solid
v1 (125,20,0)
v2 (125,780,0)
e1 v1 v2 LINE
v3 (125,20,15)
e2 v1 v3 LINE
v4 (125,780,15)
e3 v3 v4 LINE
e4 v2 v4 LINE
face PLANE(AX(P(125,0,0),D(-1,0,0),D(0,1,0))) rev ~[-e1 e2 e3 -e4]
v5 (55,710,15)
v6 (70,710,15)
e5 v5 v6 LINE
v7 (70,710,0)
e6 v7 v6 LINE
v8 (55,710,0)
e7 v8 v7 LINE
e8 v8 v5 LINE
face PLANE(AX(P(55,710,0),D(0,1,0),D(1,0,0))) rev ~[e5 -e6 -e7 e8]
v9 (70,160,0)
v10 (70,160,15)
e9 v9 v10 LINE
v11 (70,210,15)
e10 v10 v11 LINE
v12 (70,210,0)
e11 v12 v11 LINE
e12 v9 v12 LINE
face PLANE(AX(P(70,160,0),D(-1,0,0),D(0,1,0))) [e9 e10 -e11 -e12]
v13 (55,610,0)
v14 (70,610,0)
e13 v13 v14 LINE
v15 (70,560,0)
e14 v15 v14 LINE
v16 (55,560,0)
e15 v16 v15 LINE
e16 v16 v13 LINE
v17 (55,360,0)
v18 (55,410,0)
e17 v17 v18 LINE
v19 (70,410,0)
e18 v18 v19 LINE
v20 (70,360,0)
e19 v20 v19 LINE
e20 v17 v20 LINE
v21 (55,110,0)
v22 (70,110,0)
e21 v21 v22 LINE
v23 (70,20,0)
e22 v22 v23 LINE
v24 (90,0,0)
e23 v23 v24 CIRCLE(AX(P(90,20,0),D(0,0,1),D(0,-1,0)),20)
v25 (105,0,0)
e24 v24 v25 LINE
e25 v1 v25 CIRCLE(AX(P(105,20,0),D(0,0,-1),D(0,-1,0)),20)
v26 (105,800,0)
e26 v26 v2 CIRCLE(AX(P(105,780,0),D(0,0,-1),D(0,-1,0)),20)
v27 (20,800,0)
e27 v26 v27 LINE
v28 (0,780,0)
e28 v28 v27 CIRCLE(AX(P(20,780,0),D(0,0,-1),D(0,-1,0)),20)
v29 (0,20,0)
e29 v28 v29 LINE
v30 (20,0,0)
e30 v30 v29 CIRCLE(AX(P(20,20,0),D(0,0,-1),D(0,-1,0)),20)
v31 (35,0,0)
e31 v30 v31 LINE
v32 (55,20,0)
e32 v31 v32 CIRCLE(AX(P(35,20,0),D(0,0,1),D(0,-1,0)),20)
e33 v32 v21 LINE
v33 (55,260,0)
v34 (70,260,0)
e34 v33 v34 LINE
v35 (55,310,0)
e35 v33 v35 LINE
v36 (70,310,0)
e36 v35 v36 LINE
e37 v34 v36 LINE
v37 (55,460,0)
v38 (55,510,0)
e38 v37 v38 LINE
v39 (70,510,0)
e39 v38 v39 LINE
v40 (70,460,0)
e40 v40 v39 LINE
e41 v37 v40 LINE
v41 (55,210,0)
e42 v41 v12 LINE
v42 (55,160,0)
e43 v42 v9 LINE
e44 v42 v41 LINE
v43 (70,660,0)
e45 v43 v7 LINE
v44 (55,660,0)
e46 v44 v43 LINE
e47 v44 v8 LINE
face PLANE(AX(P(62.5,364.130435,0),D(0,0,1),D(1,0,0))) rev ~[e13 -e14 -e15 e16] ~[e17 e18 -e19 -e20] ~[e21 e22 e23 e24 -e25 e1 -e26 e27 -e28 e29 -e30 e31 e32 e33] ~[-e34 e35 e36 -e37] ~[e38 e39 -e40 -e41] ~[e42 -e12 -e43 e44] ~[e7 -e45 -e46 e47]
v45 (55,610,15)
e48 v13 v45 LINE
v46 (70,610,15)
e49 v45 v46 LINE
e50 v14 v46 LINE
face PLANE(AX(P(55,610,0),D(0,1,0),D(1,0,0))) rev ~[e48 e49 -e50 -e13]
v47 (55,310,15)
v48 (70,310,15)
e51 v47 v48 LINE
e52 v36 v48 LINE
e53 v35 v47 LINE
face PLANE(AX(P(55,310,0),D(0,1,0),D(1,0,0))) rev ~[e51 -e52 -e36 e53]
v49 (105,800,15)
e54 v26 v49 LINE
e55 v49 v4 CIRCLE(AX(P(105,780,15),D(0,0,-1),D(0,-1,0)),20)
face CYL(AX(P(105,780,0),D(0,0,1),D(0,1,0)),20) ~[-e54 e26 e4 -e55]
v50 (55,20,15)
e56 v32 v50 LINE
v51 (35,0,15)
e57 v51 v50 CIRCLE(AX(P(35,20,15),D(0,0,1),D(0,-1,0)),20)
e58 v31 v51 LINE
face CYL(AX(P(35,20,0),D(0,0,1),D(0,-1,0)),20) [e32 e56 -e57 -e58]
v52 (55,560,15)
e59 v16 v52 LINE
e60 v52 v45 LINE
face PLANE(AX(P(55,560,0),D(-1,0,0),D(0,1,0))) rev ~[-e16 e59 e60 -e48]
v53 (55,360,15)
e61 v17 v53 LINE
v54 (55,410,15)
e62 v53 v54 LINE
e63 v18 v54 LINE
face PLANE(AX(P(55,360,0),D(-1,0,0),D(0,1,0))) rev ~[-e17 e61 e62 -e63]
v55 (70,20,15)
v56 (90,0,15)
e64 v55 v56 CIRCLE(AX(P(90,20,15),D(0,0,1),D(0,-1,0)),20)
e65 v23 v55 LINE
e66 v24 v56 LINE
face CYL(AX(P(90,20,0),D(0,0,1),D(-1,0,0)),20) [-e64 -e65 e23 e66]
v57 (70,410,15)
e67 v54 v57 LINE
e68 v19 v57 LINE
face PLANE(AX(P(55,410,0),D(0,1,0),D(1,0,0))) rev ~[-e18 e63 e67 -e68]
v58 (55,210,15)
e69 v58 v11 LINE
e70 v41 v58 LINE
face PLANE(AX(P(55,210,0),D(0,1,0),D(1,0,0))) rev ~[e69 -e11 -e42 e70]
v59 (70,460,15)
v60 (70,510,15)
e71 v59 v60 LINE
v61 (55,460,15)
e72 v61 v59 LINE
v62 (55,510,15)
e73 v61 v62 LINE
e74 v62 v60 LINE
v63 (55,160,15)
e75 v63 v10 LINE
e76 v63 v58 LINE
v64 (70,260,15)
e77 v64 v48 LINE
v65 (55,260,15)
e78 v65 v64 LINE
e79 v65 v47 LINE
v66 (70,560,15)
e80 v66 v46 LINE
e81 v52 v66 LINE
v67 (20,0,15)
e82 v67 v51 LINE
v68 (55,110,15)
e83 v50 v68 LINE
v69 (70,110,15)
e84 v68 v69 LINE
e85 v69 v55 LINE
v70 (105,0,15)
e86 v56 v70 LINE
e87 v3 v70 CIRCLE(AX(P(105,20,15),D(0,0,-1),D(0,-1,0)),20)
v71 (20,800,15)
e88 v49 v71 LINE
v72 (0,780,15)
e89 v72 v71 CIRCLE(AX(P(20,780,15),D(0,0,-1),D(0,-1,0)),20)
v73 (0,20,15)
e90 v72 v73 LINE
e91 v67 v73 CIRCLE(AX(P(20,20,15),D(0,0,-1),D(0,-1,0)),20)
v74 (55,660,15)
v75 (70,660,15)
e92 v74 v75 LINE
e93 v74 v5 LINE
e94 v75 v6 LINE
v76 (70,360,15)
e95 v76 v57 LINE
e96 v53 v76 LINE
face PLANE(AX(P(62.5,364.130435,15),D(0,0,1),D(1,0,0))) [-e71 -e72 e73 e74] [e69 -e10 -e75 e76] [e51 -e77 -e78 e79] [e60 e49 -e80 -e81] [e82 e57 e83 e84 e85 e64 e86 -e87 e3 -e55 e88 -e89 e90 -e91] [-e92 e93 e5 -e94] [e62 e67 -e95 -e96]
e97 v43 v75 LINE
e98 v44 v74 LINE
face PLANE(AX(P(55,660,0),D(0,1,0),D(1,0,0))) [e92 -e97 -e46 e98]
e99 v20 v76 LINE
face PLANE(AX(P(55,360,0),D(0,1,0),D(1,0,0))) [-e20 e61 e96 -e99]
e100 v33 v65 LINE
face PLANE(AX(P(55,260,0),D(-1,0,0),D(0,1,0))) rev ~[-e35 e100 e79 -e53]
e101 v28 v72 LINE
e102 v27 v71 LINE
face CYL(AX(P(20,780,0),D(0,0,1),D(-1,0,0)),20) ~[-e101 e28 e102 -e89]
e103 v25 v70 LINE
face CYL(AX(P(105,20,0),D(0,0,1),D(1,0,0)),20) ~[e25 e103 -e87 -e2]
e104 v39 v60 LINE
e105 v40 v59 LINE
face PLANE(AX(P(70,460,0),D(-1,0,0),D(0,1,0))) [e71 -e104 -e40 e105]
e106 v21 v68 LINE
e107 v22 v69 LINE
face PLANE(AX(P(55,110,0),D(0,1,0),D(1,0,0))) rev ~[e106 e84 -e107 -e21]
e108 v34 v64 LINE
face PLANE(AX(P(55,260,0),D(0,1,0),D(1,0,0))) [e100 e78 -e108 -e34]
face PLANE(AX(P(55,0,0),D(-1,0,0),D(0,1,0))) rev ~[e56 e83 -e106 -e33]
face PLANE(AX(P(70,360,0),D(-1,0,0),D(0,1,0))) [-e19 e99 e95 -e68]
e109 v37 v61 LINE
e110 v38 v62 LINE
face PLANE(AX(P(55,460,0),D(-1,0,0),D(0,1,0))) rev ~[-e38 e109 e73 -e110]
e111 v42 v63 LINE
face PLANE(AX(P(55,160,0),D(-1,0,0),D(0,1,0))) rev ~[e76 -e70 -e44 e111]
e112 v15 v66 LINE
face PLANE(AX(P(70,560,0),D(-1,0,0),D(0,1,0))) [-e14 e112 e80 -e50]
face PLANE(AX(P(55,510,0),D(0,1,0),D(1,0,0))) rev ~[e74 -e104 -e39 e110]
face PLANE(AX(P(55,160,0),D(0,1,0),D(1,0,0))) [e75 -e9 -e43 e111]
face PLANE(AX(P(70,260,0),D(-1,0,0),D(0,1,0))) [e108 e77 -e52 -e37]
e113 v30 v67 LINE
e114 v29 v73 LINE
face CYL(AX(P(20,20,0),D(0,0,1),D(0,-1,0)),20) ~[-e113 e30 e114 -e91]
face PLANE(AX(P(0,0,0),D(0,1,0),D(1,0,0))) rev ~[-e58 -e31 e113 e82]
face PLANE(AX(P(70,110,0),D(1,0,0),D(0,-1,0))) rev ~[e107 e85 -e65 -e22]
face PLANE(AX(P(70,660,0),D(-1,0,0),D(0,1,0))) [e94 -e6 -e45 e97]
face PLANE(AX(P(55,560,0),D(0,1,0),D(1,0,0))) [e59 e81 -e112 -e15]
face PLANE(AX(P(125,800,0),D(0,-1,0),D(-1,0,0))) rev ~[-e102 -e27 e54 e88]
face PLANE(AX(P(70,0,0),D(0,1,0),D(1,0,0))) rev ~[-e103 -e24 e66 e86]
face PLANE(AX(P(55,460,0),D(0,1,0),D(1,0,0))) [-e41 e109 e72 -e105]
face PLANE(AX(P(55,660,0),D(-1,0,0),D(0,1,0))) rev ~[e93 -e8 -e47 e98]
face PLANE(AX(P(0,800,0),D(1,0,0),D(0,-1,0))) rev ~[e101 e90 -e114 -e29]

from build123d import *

# Parameters (mm, degrees)
ESQUISSE1_W        = 15
ESQUISSE1_H        = 50
BOSS_EXTRU_1_DEPTH = 15
CONG_1_R           = 20


with BuildPart() as part:
    # Esquisse1 → Boss.-Extru.1 (new body)
    with BuildSketch(Plane.XY):
        Polygon((0, 0), (55, 0), (55, 110), (70, 110), (70, 0), (125, 0), (125, 800), (0, 800), align=None)
        with Locations((62.5, 185)):
            Rectangle(ESQUISSE1_W, ESQUISSE1_H, mode=Mode.SUBTRACT)
        with Locations((62.5, 285)):
            Rectangle(ESQUISSE1_W, ESQUISSE1_H, mode=Mode.SUBTRACT)
        with Locations((62.5, 385)):
            Rectangle(ESQUISSE1_W, ESQUISSE1_H, mode=Mode.SUBTRACT)
        with Locations((62.5, 485)):
            Rectangle(ESQUISSE1_W, ESQUISSE1_H, mode=Mode.SUBTRACT)
        with Locations((62.5, 585)):
            Rectangle(ESQUISSE1_W, ESQUISSE1_H, mode=Mode.SUBTRACT)
        with Locations((62.5, 685)):
            Rectangle(ESQUISSE1_W, ESQUISSE1_H, mode=Mode.SUBTRACT)
    extrude(amount=BOSS_EXTRU_1_DEPTH)

    # Congé1
    cong_1_edges = [part.edges().sort_by_distance(p)[0] for p in [
        (0, 800, 7.5),
        (125, 800, 7.5),
        (125, 0, 7.5),
        (70, 0, 7.5),
        (55, 0, 7.5),
        (0, 0, 7.5),
    ]]
    fillet(cong_1_edges, radius=CONG_1_R)


solid = part.part
